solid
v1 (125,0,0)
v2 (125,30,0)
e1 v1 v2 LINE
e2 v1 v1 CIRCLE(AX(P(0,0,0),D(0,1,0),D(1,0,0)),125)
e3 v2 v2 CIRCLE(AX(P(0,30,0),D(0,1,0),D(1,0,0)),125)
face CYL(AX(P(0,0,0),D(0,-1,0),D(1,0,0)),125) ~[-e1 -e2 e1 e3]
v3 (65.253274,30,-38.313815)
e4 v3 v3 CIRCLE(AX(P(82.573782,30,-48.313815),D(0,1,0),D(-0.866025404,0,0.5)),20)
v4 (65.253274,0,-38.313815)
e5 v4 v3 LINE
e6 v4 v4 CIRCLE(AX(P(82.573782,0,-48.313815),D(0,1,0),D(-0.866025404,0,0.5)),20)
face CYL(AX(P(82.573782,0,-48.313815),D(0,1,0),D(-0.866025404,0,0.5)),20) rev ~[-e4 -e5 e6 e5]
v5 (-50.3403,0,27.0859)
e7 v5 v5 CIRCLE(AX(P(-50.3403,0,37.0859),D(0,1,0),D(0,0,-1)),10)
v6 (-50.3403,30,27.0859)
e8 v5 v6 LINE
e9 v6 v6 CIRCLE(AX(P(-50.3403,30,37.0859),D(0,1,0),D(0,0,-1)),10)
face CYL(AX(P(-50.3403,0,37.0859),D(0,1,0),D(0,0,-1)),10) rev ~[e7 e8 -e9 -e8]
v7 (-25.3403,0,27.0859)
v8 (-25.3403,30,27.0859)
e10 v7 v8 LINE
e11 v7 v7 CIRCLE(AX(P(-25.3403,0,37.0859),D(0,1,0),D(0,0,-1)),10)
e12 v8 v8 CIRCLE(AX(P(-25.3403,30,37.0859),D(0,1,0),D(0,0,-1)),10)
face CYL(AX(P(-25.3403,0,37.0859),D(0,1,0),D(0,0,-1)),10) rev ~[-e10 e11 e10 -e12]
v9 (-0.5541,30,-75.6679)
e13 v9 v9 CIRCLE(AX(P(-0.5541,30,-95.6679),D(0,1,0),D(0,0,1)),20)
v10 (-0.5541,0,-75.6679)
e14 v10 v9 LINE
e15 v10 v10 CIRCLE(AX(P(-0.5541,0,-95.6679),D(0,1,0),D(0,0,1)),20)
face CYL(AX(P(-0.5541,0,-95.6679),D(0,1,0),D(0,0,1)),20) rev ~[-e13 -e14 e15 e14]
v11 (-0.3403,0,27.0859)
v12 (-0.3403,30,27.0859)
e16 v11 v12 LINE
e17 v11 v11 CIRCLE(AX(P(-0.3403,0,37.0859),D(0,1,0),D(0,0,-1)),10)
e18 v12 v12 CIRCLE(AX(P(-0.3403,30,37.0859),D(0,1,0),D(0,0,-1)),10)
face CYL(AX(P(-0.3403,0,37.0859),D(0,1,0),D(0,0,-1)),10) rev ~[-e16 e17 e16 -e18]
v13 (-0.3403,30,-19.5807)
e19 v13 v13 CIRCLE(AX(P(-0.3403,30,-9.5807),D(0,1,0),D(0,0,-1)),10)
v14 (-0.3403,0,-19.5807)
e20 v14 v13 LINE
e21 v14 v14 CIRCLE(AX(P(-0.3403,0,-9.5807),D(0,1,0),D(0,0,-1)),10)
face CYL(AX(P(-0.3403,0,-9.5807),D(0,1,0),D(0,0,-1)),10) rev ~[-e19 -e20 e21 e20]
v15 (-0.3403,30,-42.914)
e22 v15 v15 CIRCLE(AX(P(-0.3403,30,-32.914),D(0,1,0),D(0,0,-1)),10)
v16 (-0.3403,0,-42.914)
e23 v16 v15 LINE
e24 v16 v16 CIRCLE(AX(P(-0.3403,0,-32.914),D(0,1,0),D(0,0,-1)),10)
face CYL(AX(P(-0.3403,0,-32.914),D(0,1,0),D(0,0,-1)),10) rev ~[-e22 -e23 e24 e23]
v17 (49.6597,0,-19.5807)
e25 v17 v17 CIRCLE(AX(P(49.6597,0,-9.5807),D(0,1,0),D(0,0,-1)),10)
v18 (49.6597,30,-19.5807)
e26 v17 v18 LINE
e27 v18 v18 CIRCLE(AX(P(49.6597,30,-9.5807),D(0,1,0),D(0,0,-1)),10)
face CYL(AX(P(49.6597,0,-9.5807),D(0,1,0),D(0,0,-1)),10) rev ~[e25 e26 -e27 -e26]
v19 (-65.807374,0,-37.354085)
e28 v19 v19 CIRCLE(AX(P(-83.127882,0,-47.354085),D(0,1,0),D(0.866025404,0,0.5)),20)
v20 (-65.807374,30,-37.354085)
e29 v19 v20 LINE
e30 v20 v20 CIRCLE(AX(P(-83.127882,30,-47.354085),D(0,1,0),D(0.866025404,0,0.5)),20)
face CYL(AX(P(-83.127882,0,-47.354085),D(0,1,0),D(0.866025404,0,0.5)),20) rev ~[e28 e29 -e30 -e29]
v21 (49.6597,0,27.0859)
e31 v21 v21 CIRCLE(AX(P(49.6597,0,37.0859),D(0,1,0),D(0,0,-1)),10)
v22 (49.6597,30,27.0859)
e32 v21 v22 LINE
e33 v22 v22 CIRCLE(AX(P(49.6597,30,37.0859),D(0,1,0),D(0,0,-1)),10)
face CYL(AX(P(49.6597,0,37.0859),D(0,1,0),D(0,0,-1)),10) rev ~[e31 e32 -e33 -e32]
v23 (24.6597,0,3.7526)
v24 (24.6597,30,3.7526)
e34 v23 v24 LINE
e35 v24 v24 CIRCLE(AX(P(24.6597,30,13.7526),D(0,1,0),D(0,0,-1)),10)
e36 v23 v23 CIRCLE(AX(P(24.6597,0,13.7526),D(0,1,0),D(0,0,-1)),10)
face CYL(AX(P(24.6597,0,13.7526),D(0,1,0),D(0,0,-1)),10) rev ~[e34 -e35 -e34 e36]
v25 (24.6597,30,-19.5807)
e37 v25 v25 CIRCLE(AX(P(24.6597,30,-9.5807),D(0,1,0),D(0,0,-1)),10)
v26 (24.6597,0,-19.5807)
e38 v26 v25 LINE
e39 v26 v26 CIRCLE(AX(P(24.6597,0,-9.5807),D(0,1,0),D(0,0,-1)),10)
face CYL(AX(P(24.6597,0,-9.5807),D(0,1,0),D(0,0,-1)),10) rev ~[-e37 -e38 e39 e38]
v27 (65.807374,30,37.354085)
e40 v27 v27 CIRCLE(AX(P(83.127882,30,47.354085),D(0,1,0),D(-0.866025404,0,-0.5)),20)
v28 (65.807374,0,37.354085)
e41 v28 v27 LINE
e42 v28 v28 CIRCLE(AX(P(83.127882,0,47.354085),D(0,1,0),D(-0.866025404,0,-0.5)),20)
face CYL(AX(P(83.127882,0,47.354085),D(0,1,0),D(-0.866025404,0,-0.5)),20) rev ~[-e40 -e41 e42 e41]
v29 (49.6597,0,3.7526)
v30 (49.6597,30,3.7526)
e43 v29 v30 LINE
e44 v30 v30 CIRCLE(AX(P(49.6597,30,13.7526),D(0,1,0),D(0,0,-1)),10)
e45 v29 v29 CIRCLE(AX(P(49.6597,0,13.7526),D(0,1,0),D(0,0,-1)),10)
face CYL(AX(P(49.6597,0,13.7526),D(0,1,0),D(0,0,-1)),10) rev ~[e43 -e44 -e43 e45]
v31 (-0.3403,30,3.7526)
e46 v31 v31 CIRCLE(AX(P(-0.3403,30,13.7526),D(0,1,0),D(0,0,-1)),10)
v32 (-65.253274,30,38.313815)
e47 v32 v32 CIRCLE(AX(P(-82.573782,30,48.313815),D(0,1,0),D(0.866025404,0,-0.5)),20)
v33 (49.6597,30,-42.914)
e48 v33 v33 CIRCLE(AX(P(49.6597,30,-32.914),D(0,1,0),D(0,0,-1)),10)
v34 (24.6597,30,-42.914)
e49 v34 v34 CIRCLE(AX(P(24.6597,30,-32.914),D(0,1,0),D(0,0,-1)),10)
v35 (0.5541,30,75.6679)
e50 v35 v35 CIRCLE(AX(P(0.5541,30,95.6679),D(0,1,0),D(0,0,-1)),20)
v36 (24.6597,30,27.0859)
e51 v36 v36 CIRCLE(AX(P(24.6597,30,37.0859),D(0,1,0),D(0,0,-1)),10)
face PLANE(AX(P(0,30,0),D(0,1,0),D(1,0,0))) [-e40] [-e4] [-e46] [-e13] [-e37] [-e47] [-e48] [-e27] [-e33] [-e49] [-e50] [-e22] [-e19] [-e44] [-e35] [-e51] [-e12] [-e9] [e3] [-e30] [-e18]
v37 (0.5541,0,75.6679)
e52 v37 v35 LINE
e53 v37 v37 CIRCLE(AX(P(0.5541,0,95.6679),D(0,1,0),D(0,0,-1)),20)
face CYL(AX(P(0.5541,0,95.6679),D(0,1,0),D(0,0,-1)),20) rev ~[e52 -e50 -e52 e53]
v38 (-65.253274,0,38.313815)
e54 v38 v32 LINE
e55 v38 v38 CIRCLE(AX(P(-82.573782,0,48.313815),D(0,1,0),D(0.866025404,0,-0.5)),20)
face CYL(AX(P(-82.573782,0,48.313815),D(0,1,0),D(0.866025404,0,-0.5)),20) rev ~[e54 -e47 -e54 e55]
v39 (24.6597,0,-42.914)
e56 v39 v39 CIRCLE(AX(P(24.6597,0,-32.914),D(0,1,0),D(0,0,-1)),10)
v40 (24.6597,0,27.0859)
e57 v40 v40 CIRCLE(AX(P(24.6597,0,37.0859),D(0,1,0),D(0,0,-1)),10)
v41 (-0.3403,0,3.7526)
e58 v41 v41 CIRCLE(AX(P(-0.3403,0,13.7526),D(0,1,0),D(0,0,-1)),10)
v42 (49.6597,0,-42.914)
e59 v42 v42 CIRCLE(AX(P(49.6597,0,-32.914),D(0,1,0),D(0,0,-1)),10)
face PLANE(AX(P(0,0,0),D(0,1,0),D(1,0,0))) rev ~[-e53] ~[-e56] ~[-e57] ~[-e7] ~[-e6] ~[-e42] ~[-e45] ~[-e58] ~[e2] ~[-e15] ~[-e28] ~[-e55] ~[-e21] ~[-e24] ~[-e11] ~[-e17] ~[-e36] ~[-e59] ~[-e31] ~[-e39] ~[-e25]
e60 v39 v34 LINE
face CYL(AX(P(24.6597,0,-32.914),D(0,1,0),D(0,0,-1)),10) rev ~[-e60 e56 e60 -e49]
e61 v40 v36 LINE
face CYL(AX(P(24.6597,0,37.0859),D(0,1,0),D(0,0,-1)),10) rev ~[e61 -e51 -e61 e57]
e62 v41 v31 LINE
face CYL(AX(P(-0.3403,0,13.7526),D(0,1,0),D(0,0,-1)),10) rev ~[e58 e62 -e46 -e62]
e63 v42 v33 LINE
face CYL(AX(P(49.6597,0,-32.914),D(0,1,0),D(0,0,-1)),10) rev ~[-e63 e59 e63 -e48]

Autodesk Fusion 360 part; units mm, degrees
sketch "Sketch1" plane through (0, 0, 0) normal (0, 1, 0) x (1, 0, 0)
  circle A0 centre (0, 0) radius 125
extrude "Extrude1" add sketch "Sketch1" along normal blind 30
hole "Hole1" at (0.5541, 0, 95.6679) direction (0, 1, 0) diameter 40 depth 70 tip angle 118
pattern_circular "C-Pattern1" count 6 over 360 about axis through (0, 1.75, 0) along (0, 1, 0) of "Hole1"
hole "Hole2" at (-0.3403, 0, 37.0859) direction (0, 1, 0) diameter 20 depth 70 tip angle 118
pattern_linear "R-Pattern1" count 3 spacing 25 along (1, 0, 0) count 4 spacing 23.3333 along (0, 0, -1) of "Hole2"
pattern_linear "R-Pattern2" count 3 spacing 25 along (-1, 0, 0) of "Hole2"
